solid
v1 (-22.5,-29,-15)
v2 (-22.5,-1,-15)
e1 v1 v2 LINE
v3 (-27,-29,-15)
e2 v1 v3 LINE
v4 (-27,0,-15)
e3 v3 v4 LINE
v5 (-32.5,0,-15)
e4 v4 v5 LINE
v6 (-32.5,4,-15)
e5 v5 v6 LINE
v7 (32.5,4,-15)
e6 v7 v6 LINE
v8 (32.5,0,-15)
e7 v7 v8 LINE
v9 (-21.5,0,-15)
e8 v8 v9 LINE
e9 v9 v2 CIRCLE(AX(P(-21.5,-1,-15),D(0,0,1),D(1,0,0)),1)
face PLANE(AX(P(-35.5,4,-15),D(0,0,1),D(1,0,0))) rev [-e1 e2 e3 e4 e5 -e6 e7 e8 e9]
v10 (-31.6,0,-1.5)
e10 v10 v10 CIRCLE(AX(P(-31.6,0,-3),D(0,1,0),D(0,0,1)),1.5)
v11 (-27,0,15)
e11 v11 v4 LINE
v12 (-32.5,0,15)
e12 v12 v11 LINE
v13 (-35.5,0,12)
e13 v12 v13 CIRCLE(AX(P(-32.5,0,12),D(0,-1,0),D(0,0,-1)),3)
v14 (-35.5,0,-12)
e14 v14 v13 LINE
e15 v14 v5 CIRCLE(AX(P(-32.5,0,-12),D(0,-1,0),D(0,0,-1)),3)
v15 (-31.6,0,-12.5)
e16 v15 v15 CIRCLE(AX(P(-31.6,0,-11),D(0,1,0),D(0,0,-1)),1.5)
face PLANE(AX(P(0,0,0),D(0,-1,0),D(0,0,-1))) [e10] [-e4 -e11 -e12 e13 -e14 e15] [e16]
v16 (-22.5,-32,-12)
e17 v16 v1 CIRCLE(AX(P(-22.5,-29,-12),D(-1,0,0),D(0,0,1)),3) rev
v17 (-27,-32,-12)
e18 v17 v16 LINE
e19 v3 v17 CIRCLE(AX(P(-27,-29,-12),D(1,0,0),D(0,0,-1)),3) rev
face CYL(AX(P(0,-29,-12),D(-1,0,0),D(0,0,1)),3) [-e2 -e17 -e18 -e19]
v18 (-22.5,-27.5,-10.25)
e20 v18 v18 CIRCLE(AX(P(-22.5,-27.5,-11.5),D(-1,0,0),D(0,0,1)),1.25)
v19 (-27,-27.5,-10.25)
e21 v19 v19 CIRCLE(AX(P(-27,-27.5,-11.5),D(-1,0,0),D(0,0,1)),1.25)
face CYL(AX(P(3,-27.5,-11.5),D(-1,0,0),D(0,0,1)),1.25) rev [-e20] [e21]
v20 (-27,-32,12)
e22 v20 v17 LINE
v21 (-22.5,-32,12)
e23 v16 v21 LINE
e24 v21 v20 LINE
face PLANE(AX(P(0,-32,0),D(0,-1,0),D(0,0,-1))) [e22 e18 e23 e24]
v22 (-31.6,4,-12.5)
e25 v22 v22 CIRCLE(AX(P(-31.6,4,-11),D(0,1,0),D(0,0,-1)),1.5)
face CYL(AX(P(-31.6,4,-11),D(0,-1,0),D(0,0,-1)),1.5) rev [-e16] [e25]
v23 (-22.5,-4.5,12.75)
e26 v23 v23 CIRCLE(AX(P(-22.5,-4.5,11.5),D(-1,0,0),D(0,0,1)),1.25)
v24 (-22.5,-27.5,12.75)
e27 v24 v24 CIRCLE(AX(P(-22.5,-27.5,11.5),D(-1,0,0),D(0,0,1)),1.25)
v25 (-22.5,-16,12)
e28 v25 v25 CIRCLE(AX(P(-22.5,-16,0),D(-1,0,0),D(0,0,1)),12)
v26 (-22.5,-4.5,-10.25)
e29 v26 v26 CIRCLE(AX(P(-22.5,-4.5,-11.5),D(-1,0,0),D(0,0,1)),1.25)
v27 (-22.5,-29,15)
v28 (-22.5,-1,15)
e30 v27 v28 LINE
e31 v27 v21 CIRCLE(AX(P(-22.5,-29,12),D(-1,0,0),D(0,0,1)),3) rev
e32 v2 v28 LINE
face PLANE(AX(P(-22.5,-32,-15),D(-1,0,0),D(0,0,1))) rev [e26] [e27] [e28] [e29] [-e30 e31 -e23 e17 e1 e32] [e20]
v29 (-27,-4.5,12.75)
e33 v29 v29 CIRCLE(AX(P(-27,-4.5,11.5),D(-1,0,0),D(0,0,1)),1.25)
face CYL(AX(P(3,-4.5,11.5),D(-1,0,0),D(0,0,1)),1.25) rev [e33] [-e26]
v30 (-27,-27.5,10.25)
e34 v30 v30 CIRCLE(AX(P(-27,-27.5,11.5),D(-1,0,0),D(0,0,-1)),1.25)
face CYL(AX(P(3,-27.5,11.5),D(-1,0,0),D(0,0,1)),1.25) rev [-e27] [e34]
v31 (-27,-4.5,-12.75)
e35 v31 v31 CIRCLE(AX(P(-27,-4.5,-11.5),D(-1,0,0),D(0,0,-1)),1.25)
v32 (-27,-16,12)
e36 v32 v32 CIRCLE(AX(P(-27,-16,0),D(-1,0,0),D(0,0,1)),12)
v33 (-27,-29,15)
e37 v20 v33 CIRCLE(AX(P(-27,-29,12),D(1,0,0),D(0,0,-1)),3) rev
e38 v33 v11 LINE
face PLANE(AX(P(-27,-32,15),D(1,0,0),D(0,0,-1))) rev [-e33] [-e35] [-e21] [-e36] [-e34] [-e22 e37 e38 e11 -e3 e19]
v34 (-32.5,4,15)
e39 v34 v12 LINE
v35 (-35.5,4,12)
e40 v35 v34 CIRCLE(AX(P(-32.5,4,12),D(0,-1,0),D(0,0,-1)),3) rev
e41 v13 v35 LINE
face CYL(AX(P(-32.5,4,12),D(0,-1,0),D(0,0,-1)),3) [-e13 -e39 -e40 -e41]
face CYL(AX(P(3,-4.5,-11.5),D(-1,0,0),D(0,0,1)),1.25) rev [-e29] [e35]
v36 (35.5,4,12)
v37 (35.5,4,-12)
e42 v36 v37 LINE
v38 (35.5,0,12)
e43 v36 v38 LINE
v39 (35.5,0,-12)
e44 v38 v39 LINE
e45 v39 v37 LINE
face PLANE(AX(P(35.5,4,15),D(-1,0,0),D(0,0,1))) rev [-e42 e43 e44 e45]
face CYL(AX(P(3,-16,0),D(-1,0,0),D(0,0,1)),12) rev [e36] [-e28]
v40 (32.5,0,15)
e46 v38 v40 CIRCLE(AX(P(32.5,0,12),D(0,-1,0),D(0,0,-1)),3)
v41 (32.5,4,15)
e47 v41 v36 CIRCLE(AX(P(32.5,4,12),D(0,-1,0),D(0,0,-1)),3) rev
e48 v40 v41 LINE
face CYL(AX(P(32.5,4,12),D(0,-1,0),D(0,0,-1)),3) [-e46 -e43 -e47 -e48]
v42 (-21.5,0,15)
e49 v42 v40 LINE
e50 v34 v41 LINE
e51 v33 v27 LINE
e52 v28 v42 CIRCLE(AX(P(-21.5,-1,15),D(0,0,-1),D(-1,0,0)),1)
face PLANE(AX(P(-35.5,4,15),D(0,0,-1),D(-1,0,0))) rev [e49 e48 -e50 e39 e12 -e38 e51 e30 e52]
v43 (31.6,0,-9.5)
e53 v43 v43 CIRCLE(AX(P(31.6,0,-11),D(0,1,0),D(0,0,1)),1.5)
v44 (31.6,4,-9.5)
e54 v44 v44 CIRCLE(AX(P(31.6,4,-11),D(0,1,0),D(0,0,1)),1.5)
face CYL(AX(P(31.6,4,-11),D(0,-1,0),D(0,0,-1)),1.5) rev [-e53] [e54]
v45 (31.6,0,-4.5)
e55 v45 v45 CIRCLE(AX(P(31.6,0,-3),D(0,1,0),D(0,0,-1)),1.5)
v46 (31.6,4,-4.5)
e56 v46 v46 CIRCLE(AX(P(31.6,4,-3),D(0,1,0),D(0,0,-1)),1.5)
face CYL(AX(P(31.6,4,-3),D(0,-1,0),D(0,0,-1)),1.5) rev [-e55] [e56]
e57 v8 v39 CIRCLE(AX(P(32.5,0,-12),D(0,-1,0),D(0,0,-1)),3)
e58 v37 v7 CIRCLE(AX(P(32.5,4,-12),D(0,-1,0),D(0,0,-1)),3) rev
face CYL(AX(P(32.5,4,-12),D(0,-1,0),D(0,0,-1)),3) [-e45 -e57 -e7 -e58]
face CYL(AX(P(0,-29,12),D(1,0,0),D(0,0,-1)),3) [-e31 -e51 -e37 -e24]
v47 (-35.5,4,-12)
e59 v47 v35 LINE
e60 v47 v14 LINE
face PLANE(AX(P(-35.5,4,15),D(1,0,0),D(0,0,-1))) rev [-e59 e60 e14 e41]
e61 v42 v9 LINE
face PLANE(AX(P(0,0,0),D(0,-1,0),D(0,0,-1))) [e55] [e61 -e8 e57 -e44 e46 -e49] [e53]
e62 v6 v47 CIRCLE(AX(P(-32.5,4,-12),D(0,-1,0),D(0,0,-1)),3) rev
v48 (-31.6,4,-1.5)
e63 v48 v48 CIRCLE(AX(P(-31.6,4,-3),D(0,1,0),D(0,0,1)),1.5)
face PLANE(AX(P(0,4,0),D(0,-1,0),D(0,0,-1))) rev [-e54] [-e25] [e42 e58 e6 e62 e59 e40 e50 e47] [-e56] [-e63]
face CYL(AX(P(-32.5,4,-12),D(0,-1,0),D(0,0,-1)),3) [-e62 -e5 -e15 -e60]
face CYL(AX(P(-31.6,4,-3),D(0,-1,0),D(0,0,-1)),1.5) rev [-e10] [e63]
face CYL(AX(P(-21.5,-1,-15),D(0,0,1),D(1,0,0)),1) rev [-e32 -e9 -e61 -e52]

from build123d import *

# Parameters (mm, degrees)
SKETCH_1_W          = 71
SKETCH_1_H          = 30
SKETCH_1_R          = 1.5
EXTRUDE_1_DEPTH     = 4
FILLET_1_R          = 3
SKETCH_3_W          = 4.5
SKETCH_3_H          = 30
EXTRUDE_3_DEPTH     = 32
SKETCH_4_R          = 1.25
SKETCH_4_R_2        = 12
CUT_EXTRUDE_1_DEPTH = 30
FILLET_2_R          = 3
FILLET_3_R          = 1


with BuildPart() as part:
    # 草图1 → 凸台-拉伸1 (new body)
    with BuildSketch(Plane(origin=(0, 0, 0), x_dir=(1, 0, 0), z_dir=(0, 1, 0))):
        Rectangle(SKETCH_1_W, SKETCH_1_H)
        with Locations(Location((31.6, 11, 0), (0, 0, 270))):
            Circle(SKETCH_1_R, mode=Mode.SUBTRACT)
        with Locations(Location((31.6, 3, 0), (0, 0, 90))):
            Circle(SKETCH_1_R, mode=Mode.SUBTRACT)
        with Locations(Location((-31.6, 3, 0), (0, 0, 270))):
            Circle(SKETCH_1_R, mode=Mode.SUBTRACT)
        with Locations(Location((-31.6, 11, 0), (0, 0, 90))):
            Circle(SKETCH_1_R, mode=Mode.SUBTRACT)
    extrude(amount=EXTRUDE_1_DEPTH)

    # 圆角1
    fillet_1_edges = [part.edges().sort_by_distance(p)[0] for p in [
        (35.5, 2, 15),
        (-35.5, 2, 15),
        (-35.5, 2, -15),
        (35.5, 2, -15),
    ]]
    fillet(fillet_1_edges, radius=FILLET_1_R)

    # 草图3 → 凸台-拉伸3 (add)
    with BuildSketch(Plane.XZ):
        with Locations((-24.75, 0)):
            Rectangle(SKETCH_3_W, SKETCH_3_H)
    extrude(amount=EXTRUDE_3_DEPTH)

    # 草图4 → 切除-拉伸1 (cut)
    with BuildSketch(Plane.ZY.offset(27)):
        with Locations((11.5, -4.5)):
            Circle(SKETCH_4_R)
        with Locations((11.5, -27.5)):
            Circle(SKETCH_4_R)
        with Locations((-11.5, -27.5)):
            Circle(SKETCH_4_R)
        with Locations((-11.5, -4.5)):
            Circle(SKETCH_4_R)
        with Locations((0, -16)):
            Circle(SKETCH_4_R_2)
    extrude(amount=-CUT_EXTRUDE_1_DEPTH, mode=Mode.SUBTRACT)

    # 圆角2
    fillet_2_edges = [part.edges().sort_by_distance(p)[0] for p in [
        (-24.75, -32, -15),
        (-24.75, -32, 15),
    ]]
    fillet(fillet_2_edges, radius=FILLET_2_R)

    # 圆角3
    fillet_3_edges = [part.edges().sort_by_distance(p)[0] for p in [
        (-22.5, 0, 0),
    ]]
    fillet(fillet_3_edges, radius=FILLET_3_R)


solid = part.part
